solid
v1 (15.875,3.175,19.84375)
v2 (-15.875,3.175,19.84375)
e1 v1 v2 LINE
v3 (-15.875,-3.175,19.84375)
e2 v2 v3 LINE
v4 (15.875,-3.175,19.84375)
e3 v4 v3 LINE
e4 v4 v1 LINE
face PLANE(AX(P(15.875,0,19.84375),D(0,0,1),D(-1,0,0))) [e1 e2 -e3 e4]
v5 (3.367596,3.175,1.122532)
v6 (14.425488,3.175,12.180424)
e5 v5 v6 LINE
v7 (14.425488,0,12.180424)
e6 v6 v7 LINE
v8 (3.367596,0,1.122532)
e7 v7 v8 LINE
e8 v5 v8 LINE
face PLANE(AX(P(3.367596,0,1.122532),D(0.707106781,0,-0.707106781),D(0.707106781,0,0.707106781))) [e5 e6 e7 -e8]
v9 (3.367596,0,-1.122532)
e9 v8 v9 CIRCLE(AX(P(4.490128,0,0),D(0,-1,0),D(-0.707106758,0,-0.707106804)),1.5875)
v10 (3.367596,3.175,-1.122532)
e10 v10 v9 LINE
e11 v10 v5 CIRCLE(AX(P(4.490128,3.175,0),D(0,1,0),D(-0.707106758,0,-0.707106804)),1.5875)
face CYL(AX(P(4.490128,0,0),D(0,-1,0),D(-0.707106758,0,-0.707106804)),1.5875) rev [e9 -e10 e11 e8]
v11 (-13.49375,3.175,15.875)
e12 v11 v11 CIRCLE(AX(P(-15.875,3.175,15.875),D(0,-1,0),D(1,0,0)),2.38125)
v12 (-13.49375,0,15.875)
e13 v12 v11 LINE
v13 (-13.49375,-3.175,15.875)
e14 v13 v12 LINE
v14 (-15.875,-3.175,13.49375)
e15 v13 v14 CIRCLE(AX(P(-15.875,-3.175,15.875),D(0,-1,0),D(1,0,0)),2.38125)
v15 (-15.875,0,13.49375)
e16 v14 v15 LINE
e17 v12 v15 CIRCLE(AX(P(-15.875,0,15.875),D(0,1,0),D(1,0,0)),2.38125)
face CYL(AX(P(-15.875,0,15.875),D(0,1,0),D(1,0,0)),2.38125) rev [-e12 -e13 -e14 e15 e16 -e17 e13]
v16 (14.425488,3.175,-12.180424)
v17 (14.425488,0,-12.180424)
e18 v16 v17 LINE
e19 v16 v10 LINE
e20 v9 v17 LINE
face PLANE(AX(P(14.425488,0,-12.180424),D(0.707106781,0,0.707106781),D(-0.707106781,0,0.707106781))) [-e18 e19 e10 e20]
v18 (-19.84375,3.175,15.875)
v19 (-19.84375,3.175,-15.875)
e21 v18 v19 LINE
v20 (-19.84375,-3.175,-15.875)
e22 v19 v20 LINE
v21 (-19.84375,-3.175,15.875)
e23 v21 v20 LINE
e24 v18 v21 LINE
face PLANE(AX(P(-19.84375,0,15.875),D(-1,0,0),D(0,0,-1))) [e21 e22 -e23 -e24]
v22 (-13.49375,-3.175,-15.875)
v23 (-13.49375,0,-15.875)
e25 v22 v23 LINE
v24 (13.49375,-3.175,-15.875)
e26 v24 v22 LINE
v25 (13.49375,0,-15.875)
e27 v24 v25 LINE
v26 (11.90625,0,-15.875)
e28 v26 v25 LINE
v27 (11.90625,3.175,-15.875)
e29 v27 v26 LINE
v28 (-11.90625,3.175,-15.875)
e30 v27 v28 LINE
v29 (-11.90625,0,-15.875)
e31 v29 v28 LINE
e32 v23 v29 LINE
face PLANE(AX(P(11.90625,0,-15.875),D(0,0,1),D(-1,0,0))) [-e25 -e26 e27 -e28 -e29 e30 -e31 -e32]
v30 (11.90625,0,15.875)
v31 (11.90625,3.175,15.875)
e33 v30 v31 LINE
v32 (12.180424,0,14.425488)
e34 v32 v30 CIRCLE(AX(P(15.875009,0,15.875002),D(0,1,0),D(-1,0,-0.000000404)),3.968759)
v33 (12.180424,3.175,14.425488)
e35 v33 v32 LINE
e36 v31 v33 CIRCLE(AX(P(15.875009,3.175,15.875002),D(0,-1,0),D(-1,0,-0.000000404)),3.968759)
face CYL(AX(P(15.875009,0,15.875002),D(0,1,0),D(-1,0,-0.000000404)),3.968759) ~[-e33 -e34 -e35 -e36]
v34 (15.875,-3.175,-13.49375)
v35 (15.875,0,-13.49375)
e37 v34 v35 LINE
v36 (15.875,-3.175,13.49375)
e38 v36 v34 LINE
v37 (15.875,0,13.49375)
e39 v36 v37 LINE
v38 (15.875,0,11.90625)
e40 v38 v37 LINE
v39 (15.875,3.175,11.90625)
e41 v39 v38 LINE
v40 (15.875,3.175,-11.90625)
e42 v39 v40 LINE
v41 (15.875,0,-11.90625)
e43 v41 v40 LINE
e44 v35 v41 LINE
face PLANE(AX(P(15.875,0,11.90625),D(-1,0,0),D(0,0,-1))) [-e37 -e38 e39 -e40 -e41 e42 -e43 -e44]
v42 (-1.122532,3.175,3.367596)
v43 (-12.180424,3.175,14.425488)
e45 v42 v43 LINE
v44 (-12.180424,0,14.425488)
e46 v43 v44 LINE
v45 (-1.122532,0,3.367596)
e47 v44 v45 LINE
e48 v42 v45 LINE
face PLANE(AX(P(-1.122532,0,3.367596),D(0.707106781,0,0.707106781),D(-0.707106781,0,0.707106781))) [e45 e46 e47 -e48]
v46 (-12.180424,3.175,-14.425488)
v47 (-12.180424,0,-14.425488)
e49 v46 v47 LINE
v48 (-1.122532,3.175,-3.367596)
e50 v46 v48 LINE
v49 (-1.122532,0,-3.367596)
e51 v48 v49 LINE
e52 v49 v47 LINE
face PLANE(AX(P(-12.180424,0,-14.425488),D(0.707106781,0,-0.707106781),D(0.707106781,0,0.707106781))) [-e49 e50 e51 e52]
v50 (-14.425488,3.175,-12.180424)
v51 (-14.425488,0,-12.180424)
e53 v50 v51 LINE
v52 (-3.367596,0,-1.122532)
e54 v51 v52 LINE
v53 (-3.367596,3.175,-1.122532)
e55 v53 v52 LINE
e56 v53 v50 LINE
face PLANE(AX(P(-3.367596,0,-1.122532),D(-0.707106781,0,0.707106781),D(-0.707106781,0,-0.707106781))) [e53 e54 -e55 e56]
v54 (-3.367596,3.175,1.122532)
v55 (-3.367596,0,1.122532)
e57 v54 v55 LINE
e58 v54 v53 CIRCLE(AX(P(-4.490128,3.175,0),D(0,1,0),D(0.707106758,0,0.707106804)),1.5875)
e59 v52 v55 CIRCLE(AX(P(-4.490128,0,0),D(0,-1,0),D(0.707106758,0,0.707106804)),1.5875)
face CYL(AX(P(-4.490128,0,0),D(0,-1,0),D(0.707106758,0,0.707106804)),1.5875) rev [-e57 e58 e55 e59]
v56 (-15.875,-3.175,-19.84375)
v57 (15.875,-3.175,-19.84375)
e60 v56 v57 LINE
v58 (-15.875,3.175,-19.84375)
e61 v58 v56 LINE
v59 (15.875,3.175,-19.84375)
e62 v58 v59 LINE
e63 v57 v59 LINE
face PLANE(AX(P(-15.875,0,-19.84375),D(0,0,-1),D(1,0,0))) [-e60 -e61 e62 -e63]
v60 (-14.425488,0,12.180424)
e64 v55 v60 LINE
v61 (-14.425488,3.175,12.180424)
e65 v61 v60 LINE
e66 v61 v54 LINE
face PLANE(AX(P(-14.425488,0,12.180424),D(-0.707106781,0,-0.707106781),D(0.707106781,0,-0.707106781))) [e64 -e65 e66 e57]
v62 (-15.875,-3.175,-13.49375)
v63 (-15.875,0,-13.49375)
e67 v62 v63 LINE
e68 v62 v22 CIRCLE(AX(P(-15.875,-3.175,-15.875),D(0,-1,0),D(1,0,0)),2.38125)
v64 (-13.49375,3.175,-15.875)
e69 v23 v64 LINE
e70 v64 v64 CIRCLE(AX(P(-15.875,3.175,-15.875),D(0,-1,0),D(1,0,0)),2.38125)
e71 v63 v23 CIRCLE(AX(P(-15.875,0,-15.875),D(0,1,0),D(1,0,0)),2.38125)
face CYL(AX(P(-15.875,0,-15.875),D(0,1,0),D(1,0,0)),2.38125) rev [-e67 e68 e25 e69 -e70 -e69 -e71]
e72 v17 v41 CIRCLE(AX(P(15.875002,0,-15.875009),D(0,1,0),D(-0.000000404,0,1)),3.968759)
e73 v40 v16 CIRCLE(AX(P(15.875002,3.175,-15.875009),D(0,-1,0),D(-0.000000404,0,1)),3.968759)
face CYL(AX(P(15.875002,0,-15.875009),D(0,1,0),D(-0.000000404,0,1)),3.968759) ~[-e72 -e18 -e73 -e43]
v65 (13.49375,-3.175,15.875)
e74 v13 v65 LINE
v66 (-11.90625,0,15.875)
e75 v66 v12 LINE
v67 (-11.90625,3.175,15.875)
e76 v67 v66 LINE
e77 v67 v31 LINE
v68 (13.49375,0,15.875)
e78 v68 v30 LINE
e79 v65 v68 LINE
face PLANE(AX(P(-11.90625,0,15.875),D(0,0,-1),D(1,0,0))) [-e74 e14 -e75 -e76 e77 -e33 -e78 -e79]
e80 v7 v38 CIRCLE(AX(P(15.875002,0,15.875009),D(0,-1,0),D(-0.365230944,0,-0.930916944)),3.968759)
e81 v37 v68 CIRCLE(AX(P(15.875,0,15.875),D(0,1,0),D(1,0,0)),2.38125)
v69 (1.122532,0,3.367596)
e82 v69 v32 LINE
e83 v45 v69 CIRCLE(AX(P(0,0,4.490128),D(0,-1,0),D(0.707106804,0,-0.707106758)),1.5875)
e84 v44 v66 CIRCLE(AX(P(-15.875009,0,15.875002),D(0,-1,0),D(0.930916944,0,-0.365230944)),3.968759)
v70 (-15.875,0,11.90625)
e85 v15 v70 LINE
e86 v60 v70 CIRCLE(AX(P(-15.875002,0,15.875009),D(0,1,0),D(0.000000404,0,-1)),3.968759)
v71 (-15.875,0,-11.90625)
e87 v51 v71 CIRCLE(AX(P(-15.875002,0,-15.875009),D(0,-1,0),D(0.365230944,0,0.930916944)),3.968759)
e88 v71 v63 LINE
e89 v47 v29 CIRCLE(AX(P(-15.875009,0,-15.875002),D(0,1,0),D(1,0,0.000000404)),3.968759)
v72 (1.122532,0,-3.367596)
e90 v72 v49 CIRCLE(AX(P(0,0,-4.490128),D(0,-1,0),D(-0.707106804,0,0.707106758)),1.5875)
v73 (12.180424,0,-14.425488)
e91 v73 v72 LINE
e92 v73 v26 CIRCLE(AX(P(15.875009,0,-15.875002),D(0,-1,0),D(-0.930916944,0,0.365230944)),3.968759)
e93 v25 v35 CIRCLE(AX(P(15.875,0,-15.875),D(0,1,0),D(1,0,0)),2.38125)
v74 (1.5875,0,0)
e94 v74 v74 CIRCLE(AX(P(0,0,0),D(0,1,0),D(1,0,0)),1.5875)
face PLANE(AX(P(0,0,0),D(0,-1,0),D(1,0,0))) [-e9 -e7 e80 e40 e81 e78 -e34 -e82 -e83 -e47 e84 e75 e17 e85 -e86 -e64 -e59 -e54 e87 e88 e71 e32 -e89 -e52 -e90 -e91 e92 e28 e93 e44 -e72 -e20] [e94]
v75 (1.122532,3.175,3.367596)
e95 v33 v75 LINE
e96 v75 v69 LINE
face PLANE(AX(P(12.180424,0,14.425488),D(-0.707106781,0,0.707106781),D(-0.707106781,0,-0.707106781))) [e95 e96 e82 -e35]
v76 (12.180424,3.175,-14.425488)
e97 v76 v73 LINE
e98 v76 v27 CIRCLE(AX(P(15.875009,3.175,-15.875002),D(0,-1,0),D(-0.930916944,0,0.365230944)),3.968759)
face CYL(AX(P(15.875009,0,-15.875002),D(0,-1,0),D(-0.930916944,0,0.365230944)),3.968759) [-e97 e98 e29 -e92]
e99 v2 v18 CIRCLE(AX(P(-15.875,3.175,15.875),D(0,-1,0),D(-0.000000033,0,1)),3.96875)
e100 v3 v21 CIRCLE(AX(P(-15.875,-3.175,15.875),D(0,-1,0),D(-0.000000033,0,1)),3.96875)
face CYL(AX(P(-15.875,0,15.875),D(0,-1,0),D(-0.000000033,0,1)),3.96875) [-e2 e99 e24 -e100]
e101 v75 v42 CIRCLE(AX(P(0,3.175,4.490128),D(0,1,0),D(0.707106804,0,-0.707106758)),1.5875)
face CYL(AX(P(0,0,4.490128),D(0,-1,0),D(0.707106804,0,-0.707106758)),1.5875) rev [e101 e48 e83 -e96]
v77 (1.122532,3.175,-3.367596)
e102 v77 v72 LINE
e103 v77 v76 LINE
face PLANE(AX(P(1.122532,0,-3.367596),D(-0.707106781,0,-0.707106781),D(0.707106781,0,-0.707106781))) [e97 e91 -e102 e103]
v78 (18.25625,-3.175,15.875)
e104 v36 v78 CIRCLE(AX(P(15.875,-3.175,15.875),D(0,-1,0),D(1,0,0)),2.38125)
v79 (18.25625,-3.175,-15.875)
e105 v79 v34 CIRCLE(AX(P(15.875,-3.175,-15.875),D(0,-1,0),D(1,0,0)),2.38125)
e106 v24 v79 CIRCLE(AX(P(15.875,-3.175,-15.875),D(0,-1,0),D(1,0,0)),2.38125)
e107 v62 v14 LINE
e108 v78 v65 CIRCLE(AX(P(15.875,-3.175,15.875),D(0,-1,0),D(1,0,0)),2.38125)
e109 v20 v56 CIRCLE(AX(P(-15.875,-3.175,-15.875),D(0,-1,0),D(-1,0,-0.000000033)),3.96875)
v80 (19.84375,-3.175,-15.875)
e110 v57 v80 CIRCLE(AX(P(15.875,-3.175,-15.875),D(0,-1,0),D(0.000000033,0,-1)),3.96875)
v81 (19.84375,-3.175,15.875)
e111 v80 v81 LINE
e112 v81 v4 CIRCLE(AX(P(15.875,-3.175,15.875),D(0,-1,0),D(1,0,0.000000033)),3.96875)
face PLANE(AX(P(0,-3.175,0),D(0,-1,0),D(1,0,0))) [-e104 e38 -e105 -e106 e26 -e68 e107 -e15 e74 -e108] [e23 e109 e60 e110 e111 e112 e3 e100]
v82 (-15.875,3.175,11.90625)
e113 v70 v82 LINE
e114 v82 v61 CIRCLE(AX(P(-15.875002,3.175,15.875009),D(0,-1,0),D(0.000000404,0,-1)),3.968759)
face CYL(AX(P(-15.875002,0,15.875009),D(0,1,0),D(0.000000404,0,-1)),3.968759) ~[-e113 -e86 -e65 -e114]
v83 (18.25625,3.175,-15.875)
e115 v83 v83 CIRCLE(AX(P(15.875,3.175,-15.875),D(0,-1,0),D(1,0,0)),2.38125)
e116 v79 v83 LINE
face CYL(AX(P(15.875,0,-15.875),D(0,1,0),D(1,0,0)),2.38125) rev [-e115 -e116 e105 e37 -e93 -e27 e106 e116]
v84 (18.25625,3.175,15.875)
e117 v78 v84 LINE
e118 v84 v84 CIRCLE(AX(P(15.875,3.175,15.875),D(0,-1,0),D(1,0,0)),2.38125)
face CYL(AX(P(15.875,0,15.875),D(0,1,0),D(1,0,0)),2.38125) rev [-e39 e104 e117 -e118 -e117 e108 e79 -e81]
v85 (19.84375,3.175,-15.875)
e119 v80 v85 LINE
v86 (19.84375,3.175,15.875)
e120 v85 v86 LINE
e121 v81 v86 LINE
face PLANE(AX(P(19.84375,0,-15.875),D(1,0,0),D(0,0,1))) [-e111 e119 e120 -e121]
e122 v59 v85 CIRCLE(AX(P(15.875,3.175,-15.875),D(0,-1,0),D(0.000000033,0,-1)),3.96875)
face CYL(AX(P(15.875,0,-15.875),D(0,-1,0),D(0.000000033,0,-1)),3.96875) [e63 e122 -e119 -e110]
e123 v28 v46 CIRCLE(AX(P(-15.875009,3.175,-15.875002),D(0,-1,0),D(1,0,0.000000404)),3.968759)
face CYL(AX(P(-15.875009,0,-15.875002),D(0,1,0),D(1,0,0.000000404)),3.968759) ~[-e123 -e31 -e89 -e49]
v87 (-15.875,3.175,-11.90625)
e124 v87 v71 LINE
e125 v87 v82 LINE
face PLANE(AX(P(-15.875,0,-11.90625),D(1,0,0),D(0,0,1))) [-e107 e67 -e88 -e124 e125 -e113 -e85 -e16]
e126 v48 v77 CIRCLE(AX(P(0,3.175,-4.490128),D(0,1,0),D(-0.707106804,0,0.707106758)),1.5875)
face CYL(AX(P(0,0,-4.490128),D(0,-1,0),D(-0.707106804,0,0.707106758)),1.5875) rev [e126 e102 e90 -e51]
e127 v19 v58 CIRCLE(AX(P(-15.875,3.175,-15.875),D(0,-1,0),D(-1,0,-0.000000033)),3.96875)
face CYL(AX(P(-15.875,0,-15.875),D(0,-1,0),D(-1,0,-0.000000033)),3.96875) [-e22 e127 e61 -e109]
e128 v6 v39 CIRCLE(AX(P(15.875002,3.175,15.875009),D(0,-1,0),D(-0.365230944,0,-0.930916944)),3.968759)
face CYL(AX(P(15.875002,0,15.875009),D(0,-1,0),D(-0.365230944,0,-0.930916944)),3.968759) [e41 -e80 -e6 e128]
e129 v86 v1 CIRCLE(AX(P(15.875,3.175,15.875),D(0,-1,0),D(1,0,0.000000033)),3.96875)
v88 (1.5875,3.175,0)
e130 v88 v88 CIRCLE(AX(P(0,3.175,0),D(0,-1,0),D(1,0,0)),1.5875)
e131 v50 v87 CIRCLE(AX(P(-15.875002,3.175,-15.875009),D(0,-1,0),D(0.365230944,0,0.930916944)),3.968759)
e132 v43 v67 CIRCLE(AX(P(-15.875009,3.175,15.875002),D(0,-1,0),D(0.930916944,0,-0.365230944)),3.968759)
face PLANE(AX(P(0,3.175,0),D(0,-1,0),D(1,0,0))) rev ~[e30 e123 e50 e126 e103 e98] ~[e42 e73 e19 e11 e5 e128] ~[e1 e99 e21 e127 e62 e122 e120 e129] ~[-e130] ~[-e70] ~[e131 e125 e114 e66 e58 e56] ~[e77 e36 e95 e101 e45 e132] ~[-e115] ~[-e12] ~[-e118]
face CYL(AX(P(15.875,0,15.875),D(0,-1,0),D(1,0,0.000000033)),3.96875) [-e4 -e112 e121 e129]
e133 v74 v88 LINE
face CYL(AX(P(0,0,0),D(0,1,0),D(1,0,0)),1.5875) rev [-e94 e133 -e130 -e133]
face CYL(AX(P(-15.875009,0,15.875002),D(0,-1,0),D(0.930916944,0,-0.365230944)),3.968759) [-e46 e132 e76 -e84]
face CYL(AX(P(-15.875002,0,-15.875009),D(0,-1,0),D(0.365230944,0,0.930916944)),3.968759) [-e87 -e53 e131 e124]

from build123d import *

# Parameters (mm, degrees)
F0_R     = 2.38125
F0_R_2   = 1.5875
F1_DEPTH = 3.175
F2_R     = 1.5875
F3_DEPTH = 3.175


with BuildPart() as f1:
    # F0 (on Front) → F1 (new body, symmetric)
    with BuildSketch(Plane.XZ):
        with BuildLine():
            Line((15.875, 19.84375), (-15.875, 19.84375))
            ThreePointArc((-15.875, 19.84375), (-18.68133, 18.68133), (-19.84375, 15.875))
            Line((-19.84375, 15.875), (-19.84375, -15.875))
            ThreePointArc((-19.84375, -15.875), (-18.68133, -18.68133), (-15.875, -19.84375))
            Line((-15.875, -19.84375), (15.875, -19.84375))
            ThreePointArc((15.875, -19.84375), (18.68133, -18.68133), (19.84375, -15.875))
            Line((19.84375, -15.875), (19.84375, 15.875))
            ThreePointArc((19.84375, 15.875), (18.68133, 18.68133), (15.875, 19.84375))
        make_face()
        with Locations((-15.875, -15.875)):
            Circle(F0_R, mode=Mode.SUBTRACT)
        with Locations((15.875, -15.875)):
            Circle(F0_R, mode=Mode.SUBTRACT)
        with BuildLine():
            ThreePointArc((12.180424, -14.425488), (11.975396, -15.137393), (11.90625, -15.875))
            Line((11.90625, -15.875), (-11.90625, -15.875))
            ThreePointArc((-11.90625, -15.875), (-11.975396, -15.137393), (-12.180424, -14.425488))
            Line((-12.180424, -14.425488), (-1.122532, -3.367596))
            ThreePointArc((-1.122532, -3.367596), (0, -2.902628), (1.122532, -3.367596))
            Line((1.122532, -3.367596), (12.180424, -14.425488))
        make_face(mode=Mode.SUBTRACT)
        with BuildLine():
            ThreePointArc((-14.425488, -12.180424), (-15.137393, -11.975396), (-15.875, -11.90625))
            Line((-15.875, -11.90625), (-15.875, 11.90625))
            ThreePointArc((-15.875, 11.90625), (-15.137393, 11.975396), (-14.425488, 12.180424))
            Line((-14.425488, 12.180424), (-3.367596, 1.122532))
            ThreePointArc((-3.367596, 1.122532), (-2.902628, 0), (-3.367596, -1.122532))
            Line((-3.367596, -1.122532), (-14.425488, -12.180424))
        make_face(mode=Mode.SUBTRACT)
        with Locations((-15.875, 15.875)):
            Circle(F0_R, mode=Mode.SUBTRACT)
        Circle(F0_R_2, mode=Mode.SUBTRACT)
        with BuildLine():
            ThreePointArc((14.425488, 12.180424), (15.137393, 11.975396), (15.875, 11.90625))
            Line((15.875, 11.90625), (15.875, -11.90625))
            ThreePointArc((15.875, -11.90625), (15.137393, -11.975396), (14.425488, -12.180424))
            Line((14.425488, -12.180424), (3.367596, -1.122532))
            ThreePointArc((3.367596, -1.122532), (2.902628, 0), (3.367596, 1.122532))
            Line((3.367596, 1.122532), (14.425488, 12.180424))
        make_face(mode=Mode.SUBTRACT)
        with BuildLine():
            ThreePointArc((-12.180424, 14.425488), (-11.975396, 15.137393), (-11.90625, 15.875))
            Line((-11.90625, 15.875), (11.90625, 15.875))
            ThreePointArc((11.90625, 15.875), (11.975396, 15.137393), (12.180424, 14.425488))
            Line((12.180424, 14.425488), (1.122532, 3.367596))
            ThreePointArc((1.122532, 3.367596), (0, 2.902628), (-1.122532, 3.367596))
            Line((-1.122532, 3.367596), (-12.180424, 14.425488))
        make_face(mode=Mode.SUBTRACT)
        with Locations((15.875, 15.875)):
            Circle(F0_R, mode=Mode.SUBTRACT)
    extrude(amount=F1_DEPTH, both=True)

    # F2 (on face) → F3 (cut)
    with BuildSketch(Plane.XZ.offset(3.175)):
        with BuildLine():
            Line((-11.90625, 15.875), (-13.49375, 15.875))
            ThreePointArc((-13.49375, 15.875), (-14.191202, 14.191202), (-15.875, 13.49375))
            Line((-15.875, 13.49375), (-15.875, 11.90625))
            ThreePointArc((-15.875, 11.90625), (-15.137393, 11.975396), (-14.425488, 12.180424))
            Line((-14.425488, 12.180424), (-3.367596, 1.122532))
            ThreePointArc((-3.367596, 1.122532), (-2.902628, 0), (-3.367596, -1.122532))
            Line((-3.367596, -1.122532), (-14.425488, -12.180424))
            ThreePointArc((-14.425488, -12.180424), (-15.137393, -11.975396), (-15.875, -11.90625))
            Line((-15.875, -11.90625), (-15.875, -13.49375))
            ThreePointArc((-15.875, -13.49375), (-14.191202, -14.191202), (-13.49375, -15.875))
            Line((-13.49375, -15.875), (-11.90625, -15.875))
            ThreePointArc((-11.90625, -15.875), (-11.975396, -15.137393), (-12.180424, -14.425488))
            Line((-12.180424, -14.425488), (-1.122532, -3.367596))
            ThreePointArc((-1.122532, -3.367596), (0, -2.902628), (1.122532, -3.367596))
            Line((1.122532, -3.367596), (12.180424, -14.425488))
            ThreePointArc((12.180424, -14.425488), (11.975396, -15.137393), (11.90625, -15.875))
            Line((11.90625, -15.875), (13.49375, -15.875))
            ThreePointArc((13.49375, -15.875), (14.191202, -14.191202), (15.875, -13.49375))
            Line((15.875, -13.49375), (15.875, -11.90625))
            ThreePointArc((15.875, -11.90625), (15.137393, -11.975396), (14.425488, -12.180424))
            Line((14.425488, -12.180424), (3.367596, -1.122532))
            ThreePointArc((3.367596, -1.122532), (2.902628, 0), (3.367596, 1.122532))
            Line((3.367596, 1.122532), (14.425488, 12.180424))
            ThreePointArc((14.425488, 12.180424), (15.137393, 11.975396), (15.875, 11.90625))
            Line((15.875, 11.90625), (15.875, 13.49375))
            ThreePointArc((15.875, 13.49375), (14.191202, 14.191202), (13.49375, 15.875))
            Line((13.49375, 15.875), (11.90625, 15.875))
            ThreePointArc((11.90625, 15.875), (11.975396, 15.137393), (12.180424, 14.425488))
            Line((12.180424, 14.425488), (1.122532, 3.367596))
            ThreePointArc((1.122532, 3.367596), (0, 2.902628), (-1.122532, 3.367596))
            Line((-1.122532, 3.367596), (-12.180424, 14.425488))
            ThreePointArc((-12.180424, 14.425488), (-11.975396, 15.137393), (-11.90625, 15.875))
        make_face()
        Circle(F2_R, mode=Mode.SUBTRACT)
        with BuildLine():
            Line((-13.49375, 15.875), (-15.875, 15.875))
            Line((-15.875, 15.875), (-15.875, 13.49375))
            ThreePointArc((-15.875, 13.49375), (-14.191202, 14.191202), (-13.49375, 15.875))
        make_face()
        with BuildLine():
            ThreePointArc((-14.425488, 12.180424), (-15.137393, 11.975396), (-15.875, 11.90625))
            Line((-15.875, 11.90625), (-15.875, -11.90625))
            ThreePointArc((-15.875, -11.90625), (-15.137393, -11.975396), (-14.425488, -12.180424))
            Line((-14.425488, -12.180424), (-3.367596, -1.122532))
            ThreePointArc((-3.367596, -1.122532), (-2.902628, 0), (-3.367596, 1.122532))
            Line((-3.367596, 1.122532), (-14.425488, 12.180424))
        make_face()
        with BuildLine():
            Line((11.90625, 15.875), (-11.90625, 15.875))
            ThreePointArc((-11.90625, 15.875), (-11.975396, 15.137393), (-12.180424, 14.425488))
            Line((-12.180424, 14.425488), (-1.122532, 3.367596))
            ThreePointArc((-1.122532, 3.367596), (0, 2.902628), (1.122532, 3.367596))
            Line((1.122532, 3.367596), (12.180424, 14.425488))
            ThreePointArc((12.180424, 14.425488), (11.975396, 15.137393), (11.90625, 15.875))
        make_face()
        with BuildLine():
            Line((15.875, 15.875), (13.49375, 15.875))
            ThreePointArc((13.49375, 15.875), (14.191202, 14.191202), (15.875, 13.49375))
            Line((15.875, 13.49375), (15.875, 15.875))
        make_face()
        with BuildLine():
            Line((15.875, -11.90625), (15.875, 11.90625))
            ThreePointArc((15.875, 11.90625), (15.137393, 11.975396), (14.425488, 12.180424))
            Line((14.425488, 12.180424), (3.367596, 1.122532))
            ThreePointArc((3.367596, 1.122532), (2.902628, 0), (3.367596, -1.122532))
            Line((3.367596, -1.122532), (14.425488, -12.180424))
            ThreePointArc((14.425488, -12.180424), (15.137393, -11.975396), (15.875, -11.90625))
        make_face()
        with BuildLine():
            ThreePointArc((-12.180424, -14.425488), (-11.975396, -15.137393), (-11.90625, -15.875))
            Line((-11.90625, -15.875), (11.90625, -15.875))
            ThreePointArc((11.90625, -15.875), (11.975396, -15.137393), (12.180424, -14.425488))
            Line((12.180424, -14.425488), (1.122532, -3.367596))
            ThreePointArc((1.122532, -3.367596), (0, -2.902628), (-1.122532, -3.367596))
            Line((-1.122532, -3.367596), (-12.180424, -14.425488))
        make_face()
        with BuildLine():
            Line((15.875, -15.875), (15.875, -13.49375))
            ThreePointArc((15.875, -13.49375), (14.191202, -14.191202), (13.49375, -15.875))
            Line((13.49375, -15.875), (15.875, -15.875))
        make_face()
        with BuildLine():
            ThreePointArc((-13.49375, -15.875), (-14.191202, -14.191202), (-15.875, -13.49375))
            Line((-15.875, -13.49375), (-15.875, -15.875))
            Line((-15.875, -15.875), (-13.49375, -15.875))
        make_face()
        Circle(F2_R)
    extrude(amount=-F3_DEPTH, mode=Mode.SUBTRACT)


solid = f1.part
